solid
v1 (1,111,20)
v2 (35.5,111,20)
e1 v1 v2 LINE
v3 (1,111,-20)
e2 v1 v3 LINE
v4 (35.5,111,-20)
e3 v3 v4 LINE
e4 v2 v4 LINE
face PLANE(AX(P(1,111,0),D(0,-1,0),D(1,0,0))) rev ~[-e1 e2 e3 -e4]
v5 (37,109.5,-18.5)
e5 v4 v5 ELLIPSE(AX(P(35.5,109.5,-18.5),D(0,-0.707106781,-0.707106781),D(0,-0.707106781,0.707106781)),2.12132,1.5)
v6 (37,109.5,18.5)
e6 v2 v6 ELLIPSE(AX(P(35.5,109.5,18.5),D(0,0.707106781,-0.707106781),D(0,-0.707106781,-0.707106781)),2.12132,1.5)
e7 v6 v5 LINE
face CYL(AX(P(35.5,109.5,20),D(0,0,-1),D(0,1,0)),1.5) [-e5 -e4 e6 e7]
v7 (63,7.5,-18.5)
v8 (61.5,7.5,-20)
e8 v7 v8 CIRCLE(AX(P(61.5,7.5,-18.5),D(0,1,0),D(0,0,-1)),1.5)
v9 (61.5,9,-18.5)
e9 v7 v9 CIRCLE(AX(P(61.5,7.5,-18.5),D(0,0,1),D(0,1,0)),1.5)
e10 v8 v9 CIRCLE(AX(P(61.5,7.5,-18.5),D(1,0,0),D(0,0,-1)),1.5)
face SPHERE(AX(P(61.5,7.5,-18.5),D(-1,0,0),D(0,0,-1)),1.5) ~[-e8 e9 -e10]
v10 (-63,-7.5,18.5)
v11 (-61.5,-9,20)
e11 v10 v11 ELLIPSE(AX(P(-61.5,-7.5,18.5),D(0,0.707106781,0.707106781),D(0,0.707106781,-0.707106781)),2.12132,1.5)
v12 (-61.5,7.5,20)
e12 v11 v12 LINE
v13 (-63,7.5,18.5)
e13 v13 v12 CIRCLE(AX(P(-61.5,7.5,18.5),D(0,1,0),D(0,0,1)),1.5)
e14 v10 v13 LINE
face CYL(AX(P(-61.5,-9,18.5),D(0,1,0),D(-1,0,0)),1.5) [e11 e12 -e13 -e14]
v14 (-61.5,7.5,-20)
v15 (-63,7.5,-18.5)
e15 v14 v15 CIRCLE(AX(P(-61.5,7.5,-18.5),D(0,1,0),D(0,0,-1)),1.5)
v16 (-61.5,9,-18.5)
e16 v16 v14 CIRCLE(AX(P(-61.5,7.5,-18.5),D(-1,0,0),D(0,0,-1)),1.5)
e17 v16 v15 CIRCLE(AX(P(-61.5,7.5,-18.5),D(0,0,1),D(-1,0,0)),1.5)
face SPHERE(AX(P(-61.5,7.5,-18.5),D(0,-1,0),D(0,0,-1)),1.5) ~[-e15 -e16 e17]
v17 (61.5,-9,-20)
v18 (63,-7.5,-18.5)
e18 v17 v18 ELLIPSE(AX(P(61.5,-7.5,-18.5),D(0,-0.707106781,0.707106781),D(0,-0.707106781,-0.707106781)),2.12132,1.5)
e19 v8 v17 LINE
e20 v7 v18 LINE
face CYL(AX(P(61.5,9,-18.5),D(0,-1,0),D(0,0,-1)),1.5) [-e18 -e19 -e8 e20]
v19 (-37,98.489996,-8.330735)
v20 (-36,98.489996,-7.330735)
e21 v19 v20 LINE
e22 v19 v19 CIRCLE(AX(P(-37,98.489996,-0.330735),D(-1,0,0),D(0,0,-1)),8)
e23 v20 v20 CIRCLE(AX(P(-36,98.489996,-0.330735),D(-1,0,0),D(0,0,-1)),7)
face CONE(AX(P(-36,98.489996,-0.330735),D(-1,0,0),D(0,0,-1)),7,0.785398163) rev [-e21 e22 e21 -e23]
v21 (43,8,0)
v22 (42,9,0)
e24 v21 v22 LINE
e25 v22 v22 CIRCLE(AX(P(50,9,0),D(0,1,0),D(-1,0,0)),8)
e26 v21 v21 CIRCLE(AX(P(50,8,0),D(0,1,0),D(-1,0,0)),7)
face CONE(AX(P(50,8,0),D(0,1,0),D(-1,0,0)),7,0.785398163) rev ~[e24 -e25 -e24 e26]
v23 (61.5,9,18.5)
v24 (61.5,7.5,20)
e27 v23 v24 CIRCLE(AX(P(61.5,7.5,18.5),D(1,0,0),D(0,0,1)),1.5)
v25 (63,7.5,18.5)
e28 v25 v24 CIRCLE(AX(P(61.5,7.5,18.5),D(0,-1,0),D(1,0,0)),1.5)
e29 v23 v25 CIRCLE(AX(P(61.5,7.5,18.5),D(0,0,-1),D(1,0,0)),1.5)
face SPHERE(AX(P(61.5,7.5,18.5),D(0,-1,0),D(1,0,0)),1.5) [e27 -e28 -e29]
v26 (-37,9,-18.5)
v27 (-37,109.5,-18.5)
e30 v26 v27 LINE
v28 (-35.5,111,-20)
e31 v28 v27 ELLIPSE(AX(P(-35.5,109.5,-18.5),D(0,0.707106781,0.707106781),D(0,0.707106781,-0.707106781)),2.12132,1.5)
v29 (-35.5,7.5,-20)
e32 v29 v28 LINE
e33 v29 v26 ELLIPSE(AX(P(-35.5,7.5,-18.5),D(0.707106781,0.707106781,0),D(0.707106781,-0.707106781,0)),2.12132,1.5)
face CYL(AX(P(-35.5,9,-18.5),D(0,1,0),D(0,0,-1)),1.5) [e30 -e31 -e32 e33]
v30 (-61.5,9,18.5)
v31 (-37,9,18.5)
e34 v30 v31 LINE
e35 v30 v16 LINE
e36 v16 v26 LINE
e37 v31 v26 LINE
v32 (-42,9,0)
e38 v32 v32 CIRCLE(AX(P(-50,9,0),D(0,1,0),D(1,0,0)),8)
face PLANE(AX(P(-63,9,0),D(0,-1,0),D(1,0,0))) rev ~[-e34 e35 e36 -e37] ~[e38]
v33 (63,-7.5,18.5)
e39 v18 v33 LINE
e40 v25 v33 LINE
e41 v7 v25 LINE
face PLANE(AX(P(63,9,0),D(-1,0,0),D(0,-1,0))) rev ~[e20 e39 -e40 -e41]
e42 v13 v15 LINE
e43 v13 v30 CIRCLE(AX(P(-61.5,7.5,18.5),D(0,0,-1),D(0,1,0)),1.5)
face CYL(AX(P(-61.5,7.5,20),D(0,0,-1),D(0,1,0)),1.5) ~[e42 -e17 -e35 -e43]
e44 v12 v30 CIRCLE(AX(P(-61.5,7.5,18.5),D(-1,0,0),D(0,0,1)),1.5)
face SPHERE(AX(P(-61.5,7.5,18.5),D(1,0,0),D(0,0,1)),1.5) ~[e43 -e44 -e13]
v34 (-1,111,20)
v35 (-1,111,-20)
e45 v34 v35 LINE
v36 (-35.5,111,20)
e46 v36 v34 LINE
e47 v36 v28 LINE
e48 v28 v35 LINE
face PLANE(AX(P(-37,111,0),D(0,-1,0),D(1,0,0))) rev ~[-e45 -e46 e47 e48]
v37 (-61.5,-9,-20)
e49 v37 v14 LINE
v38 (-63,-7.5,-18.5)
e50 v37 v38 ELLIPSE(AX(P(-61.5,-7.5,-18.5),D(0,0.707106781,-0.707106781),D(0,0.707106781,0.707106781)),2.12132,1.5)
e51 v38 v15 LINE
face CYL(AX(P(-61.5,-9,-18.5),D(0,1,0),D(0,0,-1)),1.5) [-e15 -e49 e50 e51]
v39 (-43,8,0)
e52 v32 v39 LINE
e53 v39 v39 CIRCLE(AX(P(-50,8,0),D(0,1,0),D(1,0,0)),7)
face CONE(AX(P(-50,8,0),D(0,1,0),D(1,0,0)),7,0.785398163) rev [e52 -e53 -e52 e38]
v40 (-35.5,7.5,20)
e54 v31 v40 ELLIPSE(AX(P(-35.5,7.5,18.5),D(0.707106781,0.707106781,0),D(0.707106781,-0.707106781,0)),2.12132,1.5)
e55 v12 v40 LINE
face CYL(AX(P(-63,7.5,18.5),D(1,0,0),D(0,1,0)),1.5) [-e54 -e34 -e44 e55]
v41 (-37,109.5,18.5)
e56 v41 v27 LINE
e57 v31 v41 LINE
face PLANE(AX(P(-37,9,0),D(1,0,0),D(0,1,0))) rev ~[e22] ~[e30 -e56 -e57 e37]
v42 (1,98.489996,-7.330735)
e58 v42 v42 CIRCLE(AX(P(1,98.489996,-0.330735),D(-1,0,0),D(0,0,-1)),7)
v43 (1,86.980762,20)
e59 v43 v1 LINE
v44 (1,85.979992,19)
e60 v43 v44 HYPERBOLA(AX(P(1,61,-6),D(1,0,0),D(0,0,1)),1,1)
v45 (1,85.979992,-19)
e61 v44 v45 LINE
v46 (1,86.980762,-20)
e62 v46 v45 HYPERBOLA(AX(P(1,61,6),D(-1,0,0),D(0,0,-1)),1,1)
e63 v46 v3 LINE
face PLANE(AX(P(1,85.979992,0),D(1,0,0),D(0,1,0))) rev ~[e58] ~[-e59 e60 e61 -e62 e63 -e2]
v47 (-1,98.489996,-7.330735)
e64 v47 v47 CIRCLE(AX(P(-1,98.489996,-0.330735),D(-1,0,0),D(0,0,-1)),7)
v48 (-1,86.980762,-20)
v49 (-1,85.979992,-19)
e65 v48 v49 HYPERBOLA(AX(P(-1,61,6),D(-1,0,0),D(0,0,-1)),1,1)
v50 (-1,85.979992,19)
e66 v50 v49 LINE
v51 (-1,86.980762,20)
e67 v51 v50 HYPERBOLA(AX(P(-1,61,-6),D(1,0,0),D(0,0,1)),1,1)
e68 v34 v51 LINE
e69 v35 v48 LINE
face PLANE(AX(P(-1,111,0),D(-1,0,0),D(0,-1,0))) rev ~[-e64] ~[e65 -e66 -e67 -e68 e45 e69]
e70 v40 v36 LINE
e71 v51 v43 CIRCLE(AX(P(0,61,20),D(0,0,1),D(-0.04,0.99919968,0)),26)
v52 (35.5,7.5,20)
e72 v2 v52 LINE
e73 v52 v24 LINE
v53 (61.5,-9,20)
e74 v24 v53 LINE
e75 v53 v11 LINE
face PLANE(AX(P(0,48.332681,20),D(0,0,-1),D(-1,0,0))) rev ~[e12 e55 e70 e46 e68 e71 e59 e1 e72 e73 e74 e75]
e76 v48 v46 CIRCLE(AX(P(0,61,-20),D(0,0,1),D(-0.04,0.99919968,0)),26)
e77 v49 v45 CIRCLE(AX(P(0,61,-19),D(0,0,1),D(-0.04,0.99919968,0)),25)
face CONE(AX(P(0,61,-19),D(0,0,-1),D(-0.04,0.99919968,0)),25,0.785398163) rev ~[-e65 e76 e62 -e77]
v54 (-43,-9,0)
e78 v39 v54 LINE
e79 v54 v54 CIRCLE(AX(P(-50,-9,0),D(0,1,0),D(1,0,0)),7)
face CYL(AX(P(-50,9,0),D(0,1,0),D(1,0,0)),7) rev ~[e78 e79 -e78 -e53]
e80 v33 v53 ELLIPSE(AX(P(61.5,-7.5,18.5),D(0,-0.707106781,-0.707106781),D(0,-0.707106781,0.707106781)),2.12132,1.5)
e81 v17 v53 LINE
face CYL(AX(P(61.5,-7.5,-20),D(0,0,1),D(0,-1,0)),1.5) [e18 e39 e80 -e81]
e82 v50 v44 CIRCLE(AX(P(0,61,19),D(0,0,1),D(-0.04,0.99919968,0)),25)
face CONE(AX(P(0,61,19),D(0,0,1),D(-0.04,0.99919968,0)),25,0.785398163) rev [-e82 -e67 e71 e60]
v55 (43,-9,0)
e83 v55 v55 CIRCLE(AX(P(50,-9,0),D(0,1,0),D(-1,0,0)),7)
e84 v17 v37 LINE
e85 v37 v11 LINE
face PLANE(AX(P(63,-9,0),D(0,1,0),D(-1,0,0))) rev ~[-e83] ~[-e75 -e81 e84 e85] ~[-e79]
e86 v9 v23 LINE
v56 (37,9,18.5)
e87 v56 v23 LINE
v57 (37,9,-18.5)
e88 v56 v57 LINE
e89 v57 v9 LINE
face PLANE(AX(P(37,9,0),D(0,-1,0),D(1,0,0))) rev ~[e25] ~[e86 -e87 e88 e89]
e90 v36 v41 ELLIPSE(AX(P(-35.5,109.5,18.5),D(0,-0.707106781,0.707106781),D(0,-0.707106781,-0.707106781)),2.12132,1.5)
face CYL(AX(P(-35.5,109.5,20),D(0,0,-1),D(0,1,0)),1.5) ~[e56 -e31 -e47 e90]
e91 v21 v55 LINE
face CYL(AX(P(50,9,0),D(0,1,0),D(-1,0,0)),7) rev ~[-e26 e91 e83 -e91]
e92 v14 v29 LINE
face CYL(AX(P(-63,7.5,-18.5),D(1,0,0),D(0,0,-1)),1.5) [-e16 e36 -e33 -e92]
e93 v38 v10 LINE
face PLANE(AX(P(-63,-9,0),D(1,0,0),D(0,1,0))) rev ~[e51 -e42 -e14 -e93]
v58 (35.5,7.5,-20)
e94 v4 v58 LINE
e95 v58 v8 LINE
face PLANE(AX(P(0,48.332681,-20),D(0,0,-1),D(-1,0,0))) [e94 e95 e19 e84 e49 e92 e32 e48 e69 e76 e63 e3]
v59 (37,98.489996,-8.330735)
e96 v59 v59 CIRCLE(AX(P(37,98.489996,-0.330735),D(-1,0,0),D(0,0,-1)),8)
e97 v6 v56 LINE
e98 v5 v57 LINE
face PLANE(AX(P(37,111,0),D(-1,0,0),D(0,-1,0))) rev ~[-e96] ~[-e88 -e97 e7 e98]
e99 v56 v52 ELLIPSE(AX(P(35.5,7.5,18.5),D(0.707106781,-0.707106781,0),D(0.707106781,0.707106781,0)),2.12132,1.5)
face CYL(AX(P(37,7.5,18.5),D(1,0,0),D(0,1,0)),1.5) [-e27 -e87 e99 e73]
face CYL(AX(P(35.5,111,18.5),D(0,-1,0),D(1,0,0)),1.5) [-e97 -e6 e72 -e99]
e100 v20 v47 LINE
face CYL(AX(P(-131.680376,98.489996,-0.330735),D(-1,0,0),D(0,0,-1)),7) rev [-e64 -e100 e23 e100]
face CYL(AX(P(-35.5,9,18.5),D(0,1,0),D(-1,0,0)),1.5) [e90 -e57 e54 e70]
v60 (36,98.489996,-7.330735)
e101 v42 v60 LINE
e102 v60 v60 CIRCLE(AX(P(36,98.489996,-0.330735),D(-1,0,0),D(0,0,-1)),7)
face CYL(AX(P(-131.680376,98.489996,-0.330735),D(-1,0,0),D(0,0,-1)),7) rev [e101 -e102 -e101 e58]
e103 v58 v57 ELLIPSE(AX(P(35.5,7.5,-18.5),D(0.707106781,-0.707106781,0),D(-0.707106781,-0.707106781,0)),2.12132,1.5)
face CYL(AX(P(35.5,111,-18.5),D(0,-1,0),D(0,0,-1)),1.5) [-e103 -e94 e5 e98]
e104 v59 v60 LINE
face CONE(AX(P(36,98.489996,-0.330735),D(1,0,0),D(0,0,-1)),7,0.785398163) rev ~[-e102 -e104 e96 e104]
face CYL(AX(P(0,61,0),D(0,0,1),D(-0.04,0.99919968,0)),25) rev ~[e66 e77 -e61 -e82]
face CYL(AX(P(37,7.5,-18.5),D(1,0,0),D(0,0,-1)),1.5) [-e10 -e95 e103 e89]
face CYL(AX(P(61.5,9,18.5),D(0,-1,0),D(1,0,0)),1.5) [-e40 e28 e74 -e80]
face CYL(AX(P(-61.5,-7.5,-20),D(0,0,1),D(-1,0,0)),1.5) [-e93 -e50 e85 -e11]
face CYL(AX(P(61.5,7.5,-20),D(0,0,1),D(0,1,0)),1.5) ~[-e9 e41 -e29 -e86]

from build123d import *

# Parameters (mm, degrees)
BOSS_EXTRUDE1_DEPTH     = 20
SKETCH2_R               = 7
CUT_EXTRUDE1_DEPTH      = 122.544230632
CUT_EXTRUDE2_DEPTH      = 130.68037631
CUT_EXTRUDE2_DEPTH_BACK = 130.68037631
SKETCH5_R               = 7
CHAMFER2_SIZE           = 1
FILLET2_R               = 1.5


with BuildPart() as part:
    # Sketch1 → Boss-Extrude1 (new, symmetric)
    with BuildSketch(Plane.XY):
        with BuildLine():
            Line((-63, -9), (-63, 9))
            Line((-63, 9), (-37, 9))
            Line((-37, 9), (-37, 111))
            Line((-37, 111), (-1, 111))
            Line((-1, 111), (-1, 85.979991994))
            ThreePointArc((-1, 85.979991994), (0, 36), (1, 85.979991994))
            Line((1, 85.979991994), (1, 111))
            Line((1, 111), (37, 111))
            Line((37, 111), (37, 9))
            Line((37, 9), (63, 9))
            Line((63, 9), (63, -9))
            Line((63, -9), (-63, -9))
        make_face()
    extrude(amount=BOSS_EXTRUDE1_DEPTH, both=True)

    # Sketch2 → Cut-Extrude1 (cut, through all)
    with BuildSketch(Plane(origin=(0, 9, 0), x_dir=(1, 0, 0), z_dir=(0, 1, 0))):
        with Locations(Location((50, 0, 0), (0, 0, 180))):
            Circle(SKETCH2_R)
        with Locations((-50, 0)):
            Circle(SKETCH2_R)
    extrude(amount=-CUT_EXTRUDE1_DEPTH, mode=Mode.SUBTRACT)

    # Sketch5 → Cut-Extrude2 (cut, two sides: drawn at the far end of the back side and taken through both)
    with BuildSketch(Plane(origin=(-1, 0, 0), x_dir=(0, 0, -1), z_dir=(1, 0, 0)).offset(-CUT_EXTRUDE2_DEPTH_BACK)):
        with Locations((0.330734984, 98.489995997)):
            Circle(SKETCH5_R)
    extrude(amount=CUT_EXTRUDE2_DEPTH + CUT_EXTRUDE2_DEPTH_BACK, mode=Mode.SUBTRACT)

    # Chamfer2
    chamfer2_edges = [part.edges().sort_by_distance(p)[0] for p in [
        (0, 36, -20),
        (0, 36, 20),
        (57, 9, 0),
        (-57, 9, 0),
        (-37, 98.489995997, 6.669265016),
        (37, 98.489995997, 6.669265016),
    ]]
    chamfer(chamfer2_edges, length=CHAMFER2_SIZE)

    # Fillet2
    fillet2_edges = [part.edges().sort_by_distance(p)[0] for p in [
        (-50, 9, 20),
        (37, 60, -20),
        (50, 9, -20),
        (-63, 0, 20),
        (63, 0, -20),
        (-63, 0, -20),
        (-50, 9, -20),
        (-37, 60, -20),
        (63, 0, 20),
        (37, 111, 0),
        (63, 9, 0),
        (63, -9, 0),
        (-63, -9, 0),
        (-63, 9, 0),
        (-37, 111, 0),
        (50, 9, 20),
        (37, 60, 20),
        (-37, 60, 20),
    ]]
    fillet(fillet2_edges, radius=FILLET2_R)


solid = part.part
